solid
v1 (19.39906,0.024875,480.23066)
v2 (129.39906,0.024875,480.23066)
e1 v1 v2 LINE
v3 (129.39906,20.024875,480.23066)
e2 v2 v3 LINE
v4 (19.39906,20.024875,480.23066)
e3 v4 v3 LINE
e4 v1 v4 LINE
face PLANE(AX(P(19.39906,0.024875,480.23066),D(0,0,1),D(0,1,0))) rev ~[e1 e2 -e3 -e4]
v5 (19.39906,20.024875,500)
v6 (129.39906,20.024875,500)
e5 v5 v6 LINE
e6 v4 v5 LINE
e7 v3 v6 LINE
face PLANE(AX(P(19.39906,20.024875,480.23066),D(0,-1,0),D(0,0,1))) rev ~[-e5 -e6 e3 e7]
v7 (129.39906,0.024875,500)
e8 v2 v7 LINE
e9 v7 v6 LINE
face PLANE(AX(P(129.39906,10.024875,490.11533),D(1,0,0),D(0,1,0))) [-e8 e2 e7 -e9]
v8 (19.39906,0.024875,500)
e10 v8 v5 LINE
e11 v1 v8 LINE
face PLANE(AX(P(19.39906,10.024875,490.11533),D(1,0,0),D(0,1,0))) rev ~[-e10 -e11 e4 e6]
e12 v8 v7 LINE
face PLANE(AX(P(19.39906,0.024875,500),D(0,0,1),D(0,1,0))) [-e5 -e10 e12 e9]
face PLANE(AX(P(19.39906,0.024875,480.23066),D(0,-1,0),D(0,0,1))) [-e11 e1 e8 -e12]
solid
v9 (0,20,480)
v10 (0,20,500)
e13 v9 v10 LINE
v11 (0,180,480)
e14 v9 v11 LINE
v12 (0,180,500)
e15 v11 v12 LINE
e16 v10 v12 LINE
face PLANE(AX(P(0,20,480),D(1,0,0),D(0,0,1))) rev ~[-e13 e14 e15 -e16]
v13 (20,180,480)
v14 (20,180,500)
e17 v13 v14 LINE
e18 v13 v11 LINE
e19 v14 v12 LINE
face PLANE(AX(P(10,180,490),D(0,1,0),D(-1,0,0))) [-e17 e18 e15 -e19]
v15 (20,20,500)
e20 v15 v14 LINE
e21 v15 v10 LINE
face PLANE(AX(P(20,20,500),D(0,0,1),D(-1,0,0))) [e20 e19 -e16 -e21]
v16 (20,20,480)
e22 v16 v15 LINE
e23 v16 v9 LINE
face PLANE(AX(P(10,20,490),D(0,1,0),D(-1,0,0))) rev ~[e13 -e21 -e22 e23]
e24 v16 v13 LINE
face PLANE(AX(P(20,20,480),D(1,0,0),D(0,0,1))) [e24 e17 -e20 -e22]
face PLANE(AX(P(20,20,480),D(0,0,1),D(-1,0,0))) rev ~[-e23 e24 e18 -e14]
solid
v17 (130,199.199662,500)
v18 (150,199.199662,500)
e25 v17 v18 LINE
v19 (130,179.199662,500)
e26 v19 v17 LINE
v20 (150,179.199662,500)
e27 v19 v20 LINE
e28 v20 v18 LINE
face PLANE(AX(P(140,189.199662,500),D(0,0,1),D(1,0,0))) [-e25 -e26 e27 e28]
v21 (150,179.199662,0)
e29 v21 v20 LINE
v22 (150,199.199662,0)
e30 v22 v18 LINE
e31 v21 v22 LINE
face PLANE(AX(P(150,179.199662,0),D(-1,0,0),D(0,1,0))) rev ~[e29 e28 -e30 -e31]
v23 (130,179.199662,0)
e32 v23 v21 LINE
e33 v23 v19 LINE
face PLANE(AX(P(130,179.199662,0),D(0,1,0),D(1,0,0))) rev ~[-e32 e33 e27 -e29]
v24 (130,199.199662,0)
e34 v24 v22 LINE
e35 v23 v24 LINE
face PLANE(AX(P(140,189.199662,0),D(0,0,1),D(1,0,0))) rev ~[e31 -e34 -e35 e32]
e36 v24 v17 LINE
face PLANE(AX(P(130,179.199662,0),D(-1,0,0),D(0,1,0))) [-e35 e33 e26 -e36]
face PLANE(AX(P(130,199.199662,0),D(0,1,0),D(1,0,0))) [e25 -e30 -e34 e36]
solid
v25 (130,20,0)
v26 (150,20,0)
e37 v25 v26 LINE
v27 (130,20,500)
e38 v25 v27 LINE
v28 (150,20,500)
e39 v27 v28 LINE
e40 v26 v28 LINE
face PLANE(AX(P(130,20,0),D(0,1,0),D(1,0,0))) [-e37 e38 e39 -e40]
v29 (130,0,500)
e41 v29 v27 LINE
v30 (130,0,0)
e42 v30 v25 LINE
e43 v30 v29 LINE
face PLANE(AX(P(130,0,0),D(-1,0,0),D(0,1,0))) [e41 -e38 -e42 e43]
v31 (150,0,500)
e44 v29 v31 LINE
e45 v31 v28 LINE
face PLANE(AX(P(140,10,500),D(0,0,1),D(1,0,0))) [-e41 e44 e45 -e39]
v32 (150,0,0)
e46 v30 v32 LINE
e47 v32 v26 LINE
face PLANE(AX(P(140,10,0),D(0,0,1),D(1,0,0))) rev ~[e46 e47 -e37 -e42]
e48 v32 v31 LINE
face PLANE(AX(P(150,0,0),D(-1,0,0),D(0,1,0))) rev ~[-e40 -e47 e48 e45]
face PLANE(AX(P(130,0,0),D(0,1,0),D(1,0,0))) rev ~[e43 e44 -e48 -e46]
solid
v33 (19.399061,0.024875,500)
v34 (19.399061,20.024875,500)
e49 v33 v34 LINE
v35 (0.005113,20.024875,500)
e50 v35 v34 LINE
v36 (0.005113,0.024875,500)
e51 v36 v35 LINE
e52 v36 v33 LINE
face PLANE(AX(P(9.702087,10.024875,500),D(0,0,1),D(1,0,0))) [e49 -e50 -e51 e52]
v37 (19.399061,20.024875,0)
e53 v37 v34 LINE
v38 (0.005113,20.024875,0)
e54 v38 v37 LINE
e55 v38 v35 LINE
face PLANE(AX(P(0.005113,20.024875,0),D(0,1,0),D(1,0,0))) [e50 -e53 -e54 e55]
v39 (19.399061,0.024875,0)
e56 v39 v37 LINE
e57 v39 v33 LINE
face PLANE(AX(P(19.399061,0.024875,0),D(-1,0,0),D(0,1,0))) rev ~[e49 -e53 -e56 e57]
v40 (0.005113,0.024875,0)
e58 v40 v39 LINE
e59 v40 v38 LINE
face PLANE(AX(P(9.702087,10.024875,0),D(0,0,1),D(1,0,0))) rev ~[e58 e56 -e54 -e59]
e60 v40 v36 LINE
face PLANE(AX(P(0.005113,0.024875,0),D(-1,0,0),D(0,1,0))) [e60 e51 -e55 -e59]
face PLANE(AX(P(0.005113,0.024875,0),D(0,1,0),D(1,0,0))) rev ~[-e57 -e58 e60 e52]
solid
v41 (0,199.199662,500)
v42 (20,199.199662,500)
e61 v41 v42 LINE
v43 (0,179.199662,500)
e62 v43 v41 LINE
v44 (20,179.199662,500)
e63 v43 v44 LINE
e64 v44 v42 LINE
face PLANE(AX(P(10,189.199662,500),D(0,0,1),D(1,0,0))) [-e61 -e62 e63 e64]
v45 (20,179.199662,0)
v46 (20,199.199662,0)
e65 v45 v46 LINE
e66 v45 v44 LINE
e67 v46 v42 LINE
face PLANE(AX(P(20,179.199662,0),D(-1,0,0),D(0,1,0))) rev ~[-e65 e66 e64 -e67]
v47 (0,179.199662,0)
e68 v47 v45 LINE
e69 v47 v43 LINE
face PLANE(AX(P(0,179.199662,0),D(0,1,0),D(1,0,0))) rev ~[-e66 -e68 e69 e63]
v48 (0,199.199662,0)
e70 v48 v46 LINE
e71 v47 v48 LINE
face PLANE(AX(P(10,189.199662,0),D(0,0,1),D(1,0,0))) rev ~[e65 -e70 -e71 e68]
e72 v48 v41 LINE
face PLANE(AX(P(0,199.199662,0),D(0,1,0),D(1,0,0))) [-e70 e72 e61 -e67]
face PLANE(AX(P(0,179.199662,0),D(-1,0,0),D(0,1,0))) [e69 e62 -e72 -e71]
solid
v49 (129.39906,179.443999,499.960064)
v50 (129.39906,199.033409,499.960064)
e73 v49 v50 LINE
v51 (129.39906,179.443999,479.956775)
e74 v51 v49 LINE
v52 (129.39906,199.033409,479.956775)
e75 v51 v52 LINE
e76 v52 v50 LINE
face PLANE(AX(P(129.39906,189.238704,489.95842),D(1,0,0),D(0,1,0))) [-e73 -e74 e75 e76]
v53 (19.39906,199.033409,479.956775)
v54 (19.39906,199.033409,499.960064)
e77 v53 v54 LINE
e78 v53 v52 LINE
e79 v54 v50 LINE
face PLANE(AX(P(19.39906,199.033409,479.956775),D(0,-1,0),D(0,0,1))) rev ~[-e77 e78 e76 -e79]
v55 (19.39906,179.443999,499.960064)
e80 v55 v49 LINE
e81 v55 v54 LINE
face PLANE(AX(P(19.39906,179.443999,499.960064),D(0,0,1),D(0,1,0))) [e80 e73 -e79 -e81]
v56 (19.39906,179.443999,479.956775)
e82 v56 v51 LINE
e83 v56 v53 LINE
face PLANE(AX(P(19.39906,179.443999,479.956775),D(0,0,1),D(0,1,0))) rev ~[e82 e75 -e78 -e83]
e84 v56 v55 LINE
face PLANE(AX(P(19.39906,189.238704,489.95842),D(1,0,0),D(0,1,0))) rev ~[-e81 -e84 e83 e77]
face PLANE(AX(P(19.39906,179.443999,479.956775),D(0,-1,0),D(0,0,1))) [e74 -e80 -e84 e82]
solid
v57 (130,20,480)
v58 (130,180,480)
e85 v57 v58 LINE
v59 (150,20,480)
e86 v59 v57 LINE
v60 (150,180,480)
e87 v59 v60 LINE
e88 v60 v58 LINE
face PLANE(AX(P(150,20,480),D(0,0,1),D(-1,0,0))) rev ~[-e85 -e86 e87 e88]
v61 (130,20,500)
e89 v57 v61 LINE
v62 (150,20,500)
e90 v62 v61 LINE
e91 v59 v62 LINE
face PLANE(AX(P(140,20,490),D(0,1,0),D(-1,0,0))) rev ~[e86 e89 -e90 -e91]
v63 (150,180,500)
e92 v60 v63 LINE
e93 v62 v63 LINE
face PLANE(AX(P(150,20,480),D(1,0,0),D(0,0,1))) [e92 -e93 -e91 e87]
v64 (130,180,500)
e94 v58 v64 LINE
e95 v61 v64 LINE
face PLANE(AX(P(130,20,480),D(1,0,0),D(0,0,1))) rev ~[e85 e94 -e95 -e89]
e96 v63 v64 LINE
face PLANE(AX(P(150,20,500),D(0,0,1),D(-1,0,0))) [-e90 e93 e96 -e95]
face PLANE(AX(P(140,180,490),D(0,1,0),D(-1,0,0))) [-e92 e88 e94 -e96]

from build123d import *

# Parameters (mm, degrees)
F1_W     = 20
F1_H     = 20
F1_W_2   = 19.393947
F2_DEPTH = 500
F3_W     = 20
F3_H     = 20
F4_DEPTH = 160
F5_W     = 20
F5_H     = 19.769341
F5_W_2   = 19.589409
F5_H_2   = 20.003289
F6_DEPTH = 110


with BuildPart() as f2:
    # F1 (on Top) → F2 (new body)
    with BuildSketch(Plane.XY):
        with Locations((10, 189.199662)):
            Rectangle(F1_W, F1_H)
        with Locations((140, 189.199662)):
            Rectangle(F1_W, F1_H)
        with Locations((140, 10)):
            Rectangle(F1_W, F1_H)
        with Locations((9.702087, 10.024875)):
            Rectangle(F1_W_2, F1_H)
    extrude(amount=F2_DEPTH)


with BuildPart() as f4:
    # F3 (on face) → F4 (new body)
    with BuildSketch(Plane(origin=(0, 20, 0), x_dir=(-1, 0, 0), z_dir=(0, 1, 0))):
        with Locations((-140, 490)):
            Rectangle(F3_W, F3_H)
        with Locations((-10, 490)):
            Rectangle(F3_W, F3_H)
    extrude(amount=F4_DEPTH)


with BuildPart() as f6:
    # F5 (on face) → F6 (new body)
    with BuildSketch(Plane.YZ.offset(19.39906)):
        with Locations((10.024875, 490.11533)):
            Rectangle(F5_W, F5_H)
        with Locations((189.238704, 489.95842)):
            Rectangle(F5_W_2, F5_H_2)
    extrude(amount=F6_DEPTH)


solid = Compound([f2.part, f4.part, f6.part])
